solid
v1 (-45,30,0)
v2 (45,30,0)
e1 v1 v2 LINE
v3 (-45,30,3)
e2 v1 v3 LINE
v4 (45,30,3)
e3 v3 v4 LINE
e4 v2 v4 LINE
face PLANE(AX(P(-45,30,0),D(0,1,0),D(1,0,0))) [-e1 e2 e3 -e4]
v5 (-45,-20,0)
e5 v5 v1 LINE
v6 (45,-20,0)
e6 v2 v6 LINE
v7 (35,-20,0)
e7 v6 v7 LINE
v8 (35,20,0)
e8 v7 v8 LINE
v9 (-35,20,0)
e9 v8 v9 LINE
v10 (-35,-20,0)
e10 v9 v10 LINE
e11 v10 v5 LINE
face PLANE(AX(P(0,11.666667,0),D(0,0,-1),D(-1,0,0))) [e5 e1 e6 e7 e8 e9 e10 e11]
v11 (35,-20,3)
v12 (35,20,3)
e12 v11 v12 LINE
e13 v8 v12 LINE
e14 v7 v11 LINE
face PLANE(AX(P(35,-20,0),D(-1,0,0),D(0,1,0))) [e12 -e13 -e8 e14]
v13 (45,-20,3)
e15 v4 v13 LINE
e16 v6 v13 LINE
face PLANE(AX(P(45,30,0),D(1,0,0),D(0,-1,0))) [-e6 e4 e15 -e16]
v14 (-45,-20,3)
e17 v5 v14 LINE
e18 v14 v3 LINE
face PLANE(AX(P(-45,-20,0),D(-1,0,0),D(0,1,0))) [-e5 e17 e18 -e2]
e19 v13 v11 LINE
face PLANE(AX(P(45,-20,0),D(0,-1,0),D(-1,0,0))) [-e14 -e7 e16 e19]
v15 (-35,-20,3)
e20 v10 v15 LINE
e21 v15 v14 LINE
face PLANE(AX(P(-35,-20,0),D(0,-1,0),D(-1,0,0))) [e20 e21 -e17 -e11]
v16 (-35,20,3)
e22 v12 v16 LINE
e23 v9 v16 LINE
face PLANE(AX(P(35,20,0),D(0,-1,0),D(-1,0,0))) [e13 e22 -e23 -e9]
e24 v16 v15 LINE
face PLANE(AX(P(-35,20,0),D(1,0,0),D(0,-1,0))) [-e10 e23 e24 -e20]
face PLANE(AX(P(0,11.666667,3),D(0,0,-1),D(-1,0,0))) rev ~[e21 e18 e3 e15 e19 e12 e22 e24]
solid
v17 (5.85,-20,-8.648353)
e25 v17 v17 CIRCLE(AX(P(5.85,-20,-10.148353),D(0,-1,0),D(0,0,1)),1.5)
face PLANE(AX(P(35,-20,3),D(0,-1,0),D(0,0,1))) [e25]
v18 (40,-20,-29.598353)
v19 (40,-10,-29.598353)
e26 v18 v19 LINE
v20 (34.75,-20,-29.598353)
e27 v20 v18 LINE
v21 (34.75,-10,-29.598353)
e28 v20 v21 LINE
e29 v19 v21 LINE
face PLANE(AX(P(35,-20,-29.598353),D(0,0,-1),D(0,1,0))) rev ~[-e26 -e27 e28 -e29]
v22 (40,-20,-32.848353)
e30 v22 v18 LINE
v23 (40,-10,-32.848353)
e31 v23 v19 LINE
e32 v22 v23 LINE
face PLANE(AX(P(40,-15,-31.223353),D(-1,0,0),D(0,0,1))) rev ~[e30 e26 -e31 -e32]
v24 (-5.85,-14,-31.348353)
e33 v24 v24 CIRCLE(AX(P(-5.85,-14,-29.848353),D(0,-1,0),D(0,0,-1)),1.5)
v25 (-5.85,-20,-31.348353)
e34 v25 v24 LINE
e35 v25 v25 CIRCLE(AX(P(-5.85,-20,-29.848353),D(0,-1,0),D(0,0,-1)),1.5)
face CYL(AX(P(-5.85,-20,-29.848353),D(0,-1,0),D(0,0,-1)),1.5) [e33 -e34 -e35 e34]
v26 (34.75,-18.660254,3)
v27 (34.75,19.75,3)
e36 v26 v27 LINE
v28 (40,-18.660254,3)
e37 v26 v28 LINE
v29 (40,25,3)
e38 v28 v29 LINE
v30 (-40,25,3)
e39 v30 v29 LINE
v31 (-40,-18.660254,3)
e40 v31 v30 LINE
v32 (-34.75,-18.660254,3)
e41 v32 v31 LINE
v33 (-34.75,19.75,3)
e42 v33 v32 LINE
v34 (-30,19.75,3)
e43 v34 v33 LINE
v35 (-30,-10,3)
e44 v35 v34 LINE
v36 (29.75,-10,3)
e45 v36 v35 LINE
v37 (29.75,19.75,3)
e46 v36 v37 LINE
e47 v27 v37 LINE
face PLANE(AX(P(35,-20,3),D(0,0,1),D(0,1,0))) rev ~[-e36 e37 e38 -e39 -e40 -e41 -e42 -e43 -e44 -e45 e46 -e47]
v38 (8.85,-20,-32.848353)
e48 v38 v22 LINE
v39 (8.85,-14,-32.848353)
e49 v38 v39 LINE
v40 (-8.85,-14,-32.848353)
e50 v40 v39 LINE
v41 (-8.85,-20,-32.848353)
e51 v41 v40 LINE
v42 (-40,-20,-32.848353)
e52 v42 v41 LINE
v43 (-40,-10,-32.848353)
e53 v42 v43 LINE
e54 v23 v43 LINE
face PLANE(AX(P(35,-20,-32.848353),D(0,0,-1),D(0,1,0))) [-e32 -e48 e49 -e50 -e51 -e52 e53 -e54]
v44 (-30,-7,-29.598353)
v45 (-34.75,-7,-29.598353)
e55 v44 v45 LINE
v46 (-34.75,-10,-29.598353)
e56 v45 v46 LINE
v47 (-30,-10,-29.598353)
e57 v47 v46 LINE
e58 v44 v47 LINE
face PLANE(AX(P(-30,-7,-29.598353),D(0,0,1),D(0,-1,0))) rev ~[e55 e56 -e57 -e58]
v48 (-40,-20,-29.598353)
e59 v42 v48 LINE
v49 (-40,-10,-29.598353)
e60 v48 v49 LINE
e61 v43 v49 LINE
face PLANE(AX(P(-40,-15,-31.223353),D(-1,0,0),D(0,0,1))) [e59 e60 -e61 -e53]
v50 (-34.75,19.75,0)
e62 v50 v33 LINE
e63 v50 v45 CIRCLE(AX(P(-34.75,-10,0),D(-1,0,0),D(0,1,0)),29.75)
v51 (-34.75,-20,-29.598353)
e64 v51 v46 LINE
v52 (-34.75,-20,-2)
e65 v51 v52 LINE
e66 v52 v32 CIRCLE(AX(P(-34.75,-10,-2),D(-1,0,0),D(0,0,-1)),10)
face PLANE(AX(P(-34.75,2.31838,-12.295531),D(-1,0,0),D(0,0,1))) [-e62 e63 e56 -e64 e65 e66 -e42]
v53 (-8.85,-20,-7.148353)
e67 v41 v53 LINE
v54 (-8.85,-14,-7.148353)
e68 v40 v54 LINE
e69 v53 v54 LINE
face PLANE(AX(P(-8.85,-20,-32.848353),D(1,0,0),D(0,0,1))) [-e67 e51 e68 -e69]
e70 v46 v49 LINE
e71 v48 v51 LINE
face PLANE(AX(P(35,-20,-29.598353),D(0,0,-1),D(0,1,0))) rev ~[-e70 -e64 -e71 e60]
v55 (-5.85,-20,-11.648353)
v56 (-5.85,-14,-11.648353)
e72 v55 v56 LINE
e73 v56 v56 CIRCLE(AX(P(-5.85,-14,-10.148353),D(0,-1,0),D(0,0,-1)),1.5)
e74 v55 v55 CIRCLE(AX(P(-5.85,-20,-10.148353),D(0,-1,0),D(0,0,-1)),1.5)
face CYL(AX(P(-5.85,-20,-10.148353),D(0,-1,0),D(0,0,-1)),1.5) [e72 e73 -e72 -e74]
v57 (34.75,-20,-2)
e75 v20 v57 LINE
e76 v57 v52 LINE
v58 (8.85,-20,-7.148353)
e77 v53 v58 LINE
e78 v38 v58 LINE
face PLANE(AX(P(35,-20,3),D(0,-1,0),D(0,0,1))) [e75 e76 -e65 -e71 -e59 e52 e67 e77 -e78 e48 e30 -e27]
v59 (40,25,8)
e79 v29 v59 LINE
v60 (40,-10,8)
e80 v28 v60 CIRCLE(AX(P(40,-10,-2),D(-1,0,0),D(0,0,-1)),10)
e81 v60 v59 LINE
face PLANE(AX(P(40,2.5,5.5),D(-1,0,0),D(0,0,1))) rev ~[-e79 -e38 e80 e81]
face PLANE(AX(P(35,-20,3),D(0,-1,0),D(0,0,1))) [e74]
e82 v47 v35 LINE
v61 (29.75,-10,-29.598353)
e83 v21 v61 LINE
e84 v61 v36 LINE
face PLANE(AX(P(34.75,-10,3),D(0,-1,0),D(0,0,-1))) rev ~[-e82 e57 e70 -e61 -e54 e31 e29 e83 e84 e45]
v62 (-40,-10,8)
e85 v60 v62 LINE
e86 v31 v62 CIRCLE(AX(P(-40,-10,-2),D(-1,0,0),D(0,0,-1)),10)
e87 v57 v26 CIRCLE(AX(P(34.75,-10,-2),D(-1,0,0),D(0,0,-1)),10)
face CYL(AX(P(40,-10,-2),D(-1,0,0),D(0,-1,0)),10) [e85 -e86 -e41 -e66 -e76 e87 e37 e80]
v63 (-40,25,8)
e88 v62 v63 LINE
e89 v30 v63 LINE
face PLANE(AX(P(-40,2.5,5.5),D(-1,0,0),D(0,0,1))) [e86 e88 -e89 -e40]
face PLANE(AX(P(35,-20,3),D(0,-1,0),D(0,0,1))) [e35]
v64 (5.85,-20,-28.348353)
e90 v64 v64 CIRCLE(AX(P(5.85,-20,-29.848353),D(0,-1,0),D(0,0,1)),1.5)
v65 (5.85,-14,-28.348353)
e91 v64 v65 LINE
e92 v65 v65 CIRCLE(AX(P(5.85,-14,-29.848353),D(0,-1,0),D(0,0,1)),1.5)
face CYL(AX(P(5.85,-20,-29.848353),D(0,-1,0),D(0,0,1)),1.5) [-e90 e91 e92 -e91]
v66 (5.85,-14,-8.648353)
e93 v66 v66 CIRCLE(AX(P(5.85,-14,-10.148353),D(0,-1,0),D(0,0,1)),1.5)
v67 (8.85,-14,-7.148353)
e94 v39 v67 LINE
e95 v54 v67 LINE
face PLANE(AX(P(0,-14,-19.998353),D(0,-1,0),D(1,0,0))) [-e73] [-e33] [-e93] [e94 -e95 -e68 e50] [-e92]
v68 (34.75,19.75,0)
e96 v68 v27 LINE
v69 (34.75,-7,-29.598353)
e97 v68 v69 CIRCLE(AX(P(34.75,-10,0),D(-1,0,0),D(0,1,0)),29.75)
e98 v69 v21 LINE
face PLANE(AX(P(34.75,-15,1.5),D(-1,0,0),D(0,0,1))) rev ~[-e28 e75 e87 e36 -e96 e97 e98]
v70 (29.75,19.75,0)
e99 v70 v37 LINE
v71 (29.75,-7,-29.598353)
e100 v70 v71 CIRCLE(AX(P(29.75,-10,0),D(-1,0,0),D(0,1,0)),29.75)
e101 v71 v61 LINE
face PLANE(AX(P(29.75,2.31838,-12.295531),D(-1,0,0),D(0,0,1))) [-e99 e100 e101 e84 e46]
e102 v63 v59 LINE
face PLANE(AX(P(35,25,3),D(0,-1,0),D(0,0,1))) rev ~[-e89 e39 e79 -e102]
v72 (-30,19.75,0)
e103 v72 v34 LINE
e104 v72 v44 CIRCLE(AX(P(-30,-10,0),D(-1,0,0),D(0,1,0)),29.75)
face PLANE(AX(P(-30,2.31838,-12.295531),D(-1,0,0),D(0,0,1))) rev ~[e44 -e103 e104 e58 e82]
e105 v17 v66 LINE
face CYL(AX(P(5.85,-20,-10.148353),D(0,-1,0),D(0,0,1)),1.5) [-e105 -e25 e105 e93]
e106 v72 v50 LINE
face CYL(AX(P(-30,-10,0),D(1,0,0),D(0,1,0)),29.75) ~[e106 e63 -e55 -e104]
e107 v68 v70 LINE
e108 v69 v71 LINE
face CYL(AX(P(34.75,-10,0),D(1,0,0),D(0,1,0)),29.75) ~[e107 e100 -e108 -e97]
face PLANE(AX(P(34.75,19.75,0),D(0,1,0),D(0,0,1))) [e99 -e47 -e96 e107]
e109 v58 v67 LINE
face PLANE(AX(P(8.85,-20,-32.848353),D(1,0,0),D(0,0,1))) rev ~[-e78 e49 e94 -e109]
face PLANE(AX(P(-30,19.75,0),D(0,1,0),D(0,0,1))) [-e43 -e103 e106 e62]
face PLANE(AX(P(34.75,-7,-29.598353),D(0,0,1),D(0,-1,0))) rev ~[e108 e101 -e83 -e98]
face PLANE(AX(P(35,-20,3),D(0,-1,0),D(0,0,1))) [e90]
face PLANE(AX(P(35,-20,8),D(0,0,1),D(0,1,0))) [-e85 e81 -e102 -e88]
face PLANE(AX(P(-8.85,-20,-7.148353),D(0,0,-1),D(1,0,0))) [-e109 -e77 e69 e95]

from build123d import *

# Parameters (mm, degrees)
BOSS_EXTRUDE1_DEPTH      = 3
BOSS_EXTRUDE2_START      = 0.25
SKETCH2_W                = 3
SKETCH2_H                = 29.75
BOSS_EXTRUDE2_DEPTH      = 5
SKETCH2_6_W              = 5
SKETCH2_6_H              = 45
SKETCH2_6_W_2            = 3.25
SKETCH2_6_H_2            = 10
BOSS_EXTRUDE5_DEPTH      = 75
BOSS_EXTRUDE5_DEPTH_BACK = 5
BOSS_EXTRUDE6_START      = 65
SKETCH2_8_W              = 3
SKETCH2_8_H              = 29.75
BOSS_EXTRUDE6_DEPTH      = 4.75
BOSS_EXTRUDE8_START      = 0.25
SKETCH2_9_W              = 3
SKETCH2_9_H              = 10
SKETCH2_9_W_2            = 29.598352995
BOSS_EXTRUDE8_DEPTH      = 69.5
FILLET1_R                = 10
SKETCH3_W                = 17.7
SKETCH3_H                = 25.7
SKETCH3_R                = 1.5
CUT_EXTRUDE1_DEPTH       = 6


with BuildPart() as part:
    # Sketch1 → Boss-Extrude1 (new body)
    with BuildSketch(Plane.XY):
        Polygon((45, -20), (35, -20), (35, 20), (-35, 20), (-35, -20), (-45, -20), (-45, 30), (45, 30), align=None)
    extrude(amount=BOSS_EXTRUDE1_DEPTH)


with BuildPart() as body_2:
    # Sketch2 → Boss-Extrude2 (new body)
    with BuildSketch(Plane.ZY.offset(-35).offset(BOSS_EXTRUDE2_START)):
        with BuildLine():
            Line((-29.598352995, -10), (0, -10))
            Line((0, -10), (0, 19.75))
            ThreePointArc((0, 19.75), (-19.947587573, 12.071616388), (-29.598352995, -7))
            Line((-29.598352995, -7), (-29.598352995, -10))
        make_face()
        with Locations((1.5, 4.875)):
            Rectangle(SKETCH2_W, SKETCH2_H)
    extrude(amount=BOSS_EXTRUDE2_DEPTH)

    # Sketch2_6 → Boss-Extrude5 (add, two sides)
    with BuildSketch(Plane.ZY.offset(-35)) as boss_extrude5_sk:
        with Locations((5.5, 2.5)):
            Rectangle(SKETCH2_6_W, SKETCH2_6_H)
        with Locations((-31.223352995, -15)):
            Rectangle(SKETCH2_6_W_2, SKETCH2_6_H_2)
    extrude(amount=BOSS_EXTRUDE5_DEPTH)
    extrude(boss_extrude5_sk.sketch, amount=-BOSS_EXTRUDE5_DEPTH_BACK)

    # Sketch2_8 → Boss-Extrude6 (add)
    with BuildSketch(Plane.ZY.offset(-35).offset(BOSS_EXTRUDE6_START)):
        with BuildLine():
            Line((-29.598352995, -10), (0, -10))
            Line((0, -10), (0, 19.75))
            ThreePointArc((0, 19.75), (-19.947587573, 12.071616388), (-29.598352995, -7))
            Line((-29.598352995, -7), (-29.598352995, -10))
        make_face()
        with Locations((1.5, 4.875)):
            Rectangle(SKETCH2_8_W, SKETCH2_8_H)
    extrude(amount=BOSS_EXTRUDE6_DEPTH)

    # Sketch2_9 → Boss-Extrude8 (add)
    with BuildSketch(Plane.ZY.offset(-35).offset(BOSS_EXTRUDE8_START)):
        with Locations((1.5, -15)):
            Rectangle(SKETCH2_9_W, SKETCH2_9_H)
        with Locations((-14.799176498, -15)):
            Rectangle(SKETCH2_9_W_2, SKETCH2_9_H)
    extrude(amount=BOSS_EXTRUDE8_DEPTH)

    # Fillet1
    fillet1_edges = [body_2.edges().sort_by_distance(p)[0] for p in [
        (0, -20, 8),
    ]]
    fillet(fillet1_edges, radius=FILLET1_R)

    # Sketch3 → Cut-Extrude1 (cut)
    with BuildSketch(Plane.XZ.offset(20)):
        with Locations((0, -19.998352995)):
            Rectangle(SKETCH3_W, SKETCH3_H)
        with Locations(Location((-5.85, -10.148352995, 0), (0, 0, 270))):  # turned: the seam where the file's is
            Circle(SKETCH3_R, mode=Mode.SUBTRACT)
        with Locations(Location((-5.85, -29.848352995, 0), (0, 0, 270))):  # turned: the seam where the file's is
            Circle(SKETCH3_R, mode=Mode.SUBTRACT)
        with Locations(Location((5.85, -29.848352995, 0), (0, 0, 90))):  # turned: the seam where the file's is
            Circle(SKETCH3_R, mode=Mode.SUBTRACT)
        with Locations(Location((5.85, -10.148352995, 0), (0, 0, 90))):  # turned: the seam where the file's is
            Circle(SKETCH3_R, mode=Mode.SUBTRACT)
    extrude(amount=-CUT_EXTRUDE1_DEPTH, mode=Mode.SUBTRACT)


solid = Compound([part.part, body_2.part])
